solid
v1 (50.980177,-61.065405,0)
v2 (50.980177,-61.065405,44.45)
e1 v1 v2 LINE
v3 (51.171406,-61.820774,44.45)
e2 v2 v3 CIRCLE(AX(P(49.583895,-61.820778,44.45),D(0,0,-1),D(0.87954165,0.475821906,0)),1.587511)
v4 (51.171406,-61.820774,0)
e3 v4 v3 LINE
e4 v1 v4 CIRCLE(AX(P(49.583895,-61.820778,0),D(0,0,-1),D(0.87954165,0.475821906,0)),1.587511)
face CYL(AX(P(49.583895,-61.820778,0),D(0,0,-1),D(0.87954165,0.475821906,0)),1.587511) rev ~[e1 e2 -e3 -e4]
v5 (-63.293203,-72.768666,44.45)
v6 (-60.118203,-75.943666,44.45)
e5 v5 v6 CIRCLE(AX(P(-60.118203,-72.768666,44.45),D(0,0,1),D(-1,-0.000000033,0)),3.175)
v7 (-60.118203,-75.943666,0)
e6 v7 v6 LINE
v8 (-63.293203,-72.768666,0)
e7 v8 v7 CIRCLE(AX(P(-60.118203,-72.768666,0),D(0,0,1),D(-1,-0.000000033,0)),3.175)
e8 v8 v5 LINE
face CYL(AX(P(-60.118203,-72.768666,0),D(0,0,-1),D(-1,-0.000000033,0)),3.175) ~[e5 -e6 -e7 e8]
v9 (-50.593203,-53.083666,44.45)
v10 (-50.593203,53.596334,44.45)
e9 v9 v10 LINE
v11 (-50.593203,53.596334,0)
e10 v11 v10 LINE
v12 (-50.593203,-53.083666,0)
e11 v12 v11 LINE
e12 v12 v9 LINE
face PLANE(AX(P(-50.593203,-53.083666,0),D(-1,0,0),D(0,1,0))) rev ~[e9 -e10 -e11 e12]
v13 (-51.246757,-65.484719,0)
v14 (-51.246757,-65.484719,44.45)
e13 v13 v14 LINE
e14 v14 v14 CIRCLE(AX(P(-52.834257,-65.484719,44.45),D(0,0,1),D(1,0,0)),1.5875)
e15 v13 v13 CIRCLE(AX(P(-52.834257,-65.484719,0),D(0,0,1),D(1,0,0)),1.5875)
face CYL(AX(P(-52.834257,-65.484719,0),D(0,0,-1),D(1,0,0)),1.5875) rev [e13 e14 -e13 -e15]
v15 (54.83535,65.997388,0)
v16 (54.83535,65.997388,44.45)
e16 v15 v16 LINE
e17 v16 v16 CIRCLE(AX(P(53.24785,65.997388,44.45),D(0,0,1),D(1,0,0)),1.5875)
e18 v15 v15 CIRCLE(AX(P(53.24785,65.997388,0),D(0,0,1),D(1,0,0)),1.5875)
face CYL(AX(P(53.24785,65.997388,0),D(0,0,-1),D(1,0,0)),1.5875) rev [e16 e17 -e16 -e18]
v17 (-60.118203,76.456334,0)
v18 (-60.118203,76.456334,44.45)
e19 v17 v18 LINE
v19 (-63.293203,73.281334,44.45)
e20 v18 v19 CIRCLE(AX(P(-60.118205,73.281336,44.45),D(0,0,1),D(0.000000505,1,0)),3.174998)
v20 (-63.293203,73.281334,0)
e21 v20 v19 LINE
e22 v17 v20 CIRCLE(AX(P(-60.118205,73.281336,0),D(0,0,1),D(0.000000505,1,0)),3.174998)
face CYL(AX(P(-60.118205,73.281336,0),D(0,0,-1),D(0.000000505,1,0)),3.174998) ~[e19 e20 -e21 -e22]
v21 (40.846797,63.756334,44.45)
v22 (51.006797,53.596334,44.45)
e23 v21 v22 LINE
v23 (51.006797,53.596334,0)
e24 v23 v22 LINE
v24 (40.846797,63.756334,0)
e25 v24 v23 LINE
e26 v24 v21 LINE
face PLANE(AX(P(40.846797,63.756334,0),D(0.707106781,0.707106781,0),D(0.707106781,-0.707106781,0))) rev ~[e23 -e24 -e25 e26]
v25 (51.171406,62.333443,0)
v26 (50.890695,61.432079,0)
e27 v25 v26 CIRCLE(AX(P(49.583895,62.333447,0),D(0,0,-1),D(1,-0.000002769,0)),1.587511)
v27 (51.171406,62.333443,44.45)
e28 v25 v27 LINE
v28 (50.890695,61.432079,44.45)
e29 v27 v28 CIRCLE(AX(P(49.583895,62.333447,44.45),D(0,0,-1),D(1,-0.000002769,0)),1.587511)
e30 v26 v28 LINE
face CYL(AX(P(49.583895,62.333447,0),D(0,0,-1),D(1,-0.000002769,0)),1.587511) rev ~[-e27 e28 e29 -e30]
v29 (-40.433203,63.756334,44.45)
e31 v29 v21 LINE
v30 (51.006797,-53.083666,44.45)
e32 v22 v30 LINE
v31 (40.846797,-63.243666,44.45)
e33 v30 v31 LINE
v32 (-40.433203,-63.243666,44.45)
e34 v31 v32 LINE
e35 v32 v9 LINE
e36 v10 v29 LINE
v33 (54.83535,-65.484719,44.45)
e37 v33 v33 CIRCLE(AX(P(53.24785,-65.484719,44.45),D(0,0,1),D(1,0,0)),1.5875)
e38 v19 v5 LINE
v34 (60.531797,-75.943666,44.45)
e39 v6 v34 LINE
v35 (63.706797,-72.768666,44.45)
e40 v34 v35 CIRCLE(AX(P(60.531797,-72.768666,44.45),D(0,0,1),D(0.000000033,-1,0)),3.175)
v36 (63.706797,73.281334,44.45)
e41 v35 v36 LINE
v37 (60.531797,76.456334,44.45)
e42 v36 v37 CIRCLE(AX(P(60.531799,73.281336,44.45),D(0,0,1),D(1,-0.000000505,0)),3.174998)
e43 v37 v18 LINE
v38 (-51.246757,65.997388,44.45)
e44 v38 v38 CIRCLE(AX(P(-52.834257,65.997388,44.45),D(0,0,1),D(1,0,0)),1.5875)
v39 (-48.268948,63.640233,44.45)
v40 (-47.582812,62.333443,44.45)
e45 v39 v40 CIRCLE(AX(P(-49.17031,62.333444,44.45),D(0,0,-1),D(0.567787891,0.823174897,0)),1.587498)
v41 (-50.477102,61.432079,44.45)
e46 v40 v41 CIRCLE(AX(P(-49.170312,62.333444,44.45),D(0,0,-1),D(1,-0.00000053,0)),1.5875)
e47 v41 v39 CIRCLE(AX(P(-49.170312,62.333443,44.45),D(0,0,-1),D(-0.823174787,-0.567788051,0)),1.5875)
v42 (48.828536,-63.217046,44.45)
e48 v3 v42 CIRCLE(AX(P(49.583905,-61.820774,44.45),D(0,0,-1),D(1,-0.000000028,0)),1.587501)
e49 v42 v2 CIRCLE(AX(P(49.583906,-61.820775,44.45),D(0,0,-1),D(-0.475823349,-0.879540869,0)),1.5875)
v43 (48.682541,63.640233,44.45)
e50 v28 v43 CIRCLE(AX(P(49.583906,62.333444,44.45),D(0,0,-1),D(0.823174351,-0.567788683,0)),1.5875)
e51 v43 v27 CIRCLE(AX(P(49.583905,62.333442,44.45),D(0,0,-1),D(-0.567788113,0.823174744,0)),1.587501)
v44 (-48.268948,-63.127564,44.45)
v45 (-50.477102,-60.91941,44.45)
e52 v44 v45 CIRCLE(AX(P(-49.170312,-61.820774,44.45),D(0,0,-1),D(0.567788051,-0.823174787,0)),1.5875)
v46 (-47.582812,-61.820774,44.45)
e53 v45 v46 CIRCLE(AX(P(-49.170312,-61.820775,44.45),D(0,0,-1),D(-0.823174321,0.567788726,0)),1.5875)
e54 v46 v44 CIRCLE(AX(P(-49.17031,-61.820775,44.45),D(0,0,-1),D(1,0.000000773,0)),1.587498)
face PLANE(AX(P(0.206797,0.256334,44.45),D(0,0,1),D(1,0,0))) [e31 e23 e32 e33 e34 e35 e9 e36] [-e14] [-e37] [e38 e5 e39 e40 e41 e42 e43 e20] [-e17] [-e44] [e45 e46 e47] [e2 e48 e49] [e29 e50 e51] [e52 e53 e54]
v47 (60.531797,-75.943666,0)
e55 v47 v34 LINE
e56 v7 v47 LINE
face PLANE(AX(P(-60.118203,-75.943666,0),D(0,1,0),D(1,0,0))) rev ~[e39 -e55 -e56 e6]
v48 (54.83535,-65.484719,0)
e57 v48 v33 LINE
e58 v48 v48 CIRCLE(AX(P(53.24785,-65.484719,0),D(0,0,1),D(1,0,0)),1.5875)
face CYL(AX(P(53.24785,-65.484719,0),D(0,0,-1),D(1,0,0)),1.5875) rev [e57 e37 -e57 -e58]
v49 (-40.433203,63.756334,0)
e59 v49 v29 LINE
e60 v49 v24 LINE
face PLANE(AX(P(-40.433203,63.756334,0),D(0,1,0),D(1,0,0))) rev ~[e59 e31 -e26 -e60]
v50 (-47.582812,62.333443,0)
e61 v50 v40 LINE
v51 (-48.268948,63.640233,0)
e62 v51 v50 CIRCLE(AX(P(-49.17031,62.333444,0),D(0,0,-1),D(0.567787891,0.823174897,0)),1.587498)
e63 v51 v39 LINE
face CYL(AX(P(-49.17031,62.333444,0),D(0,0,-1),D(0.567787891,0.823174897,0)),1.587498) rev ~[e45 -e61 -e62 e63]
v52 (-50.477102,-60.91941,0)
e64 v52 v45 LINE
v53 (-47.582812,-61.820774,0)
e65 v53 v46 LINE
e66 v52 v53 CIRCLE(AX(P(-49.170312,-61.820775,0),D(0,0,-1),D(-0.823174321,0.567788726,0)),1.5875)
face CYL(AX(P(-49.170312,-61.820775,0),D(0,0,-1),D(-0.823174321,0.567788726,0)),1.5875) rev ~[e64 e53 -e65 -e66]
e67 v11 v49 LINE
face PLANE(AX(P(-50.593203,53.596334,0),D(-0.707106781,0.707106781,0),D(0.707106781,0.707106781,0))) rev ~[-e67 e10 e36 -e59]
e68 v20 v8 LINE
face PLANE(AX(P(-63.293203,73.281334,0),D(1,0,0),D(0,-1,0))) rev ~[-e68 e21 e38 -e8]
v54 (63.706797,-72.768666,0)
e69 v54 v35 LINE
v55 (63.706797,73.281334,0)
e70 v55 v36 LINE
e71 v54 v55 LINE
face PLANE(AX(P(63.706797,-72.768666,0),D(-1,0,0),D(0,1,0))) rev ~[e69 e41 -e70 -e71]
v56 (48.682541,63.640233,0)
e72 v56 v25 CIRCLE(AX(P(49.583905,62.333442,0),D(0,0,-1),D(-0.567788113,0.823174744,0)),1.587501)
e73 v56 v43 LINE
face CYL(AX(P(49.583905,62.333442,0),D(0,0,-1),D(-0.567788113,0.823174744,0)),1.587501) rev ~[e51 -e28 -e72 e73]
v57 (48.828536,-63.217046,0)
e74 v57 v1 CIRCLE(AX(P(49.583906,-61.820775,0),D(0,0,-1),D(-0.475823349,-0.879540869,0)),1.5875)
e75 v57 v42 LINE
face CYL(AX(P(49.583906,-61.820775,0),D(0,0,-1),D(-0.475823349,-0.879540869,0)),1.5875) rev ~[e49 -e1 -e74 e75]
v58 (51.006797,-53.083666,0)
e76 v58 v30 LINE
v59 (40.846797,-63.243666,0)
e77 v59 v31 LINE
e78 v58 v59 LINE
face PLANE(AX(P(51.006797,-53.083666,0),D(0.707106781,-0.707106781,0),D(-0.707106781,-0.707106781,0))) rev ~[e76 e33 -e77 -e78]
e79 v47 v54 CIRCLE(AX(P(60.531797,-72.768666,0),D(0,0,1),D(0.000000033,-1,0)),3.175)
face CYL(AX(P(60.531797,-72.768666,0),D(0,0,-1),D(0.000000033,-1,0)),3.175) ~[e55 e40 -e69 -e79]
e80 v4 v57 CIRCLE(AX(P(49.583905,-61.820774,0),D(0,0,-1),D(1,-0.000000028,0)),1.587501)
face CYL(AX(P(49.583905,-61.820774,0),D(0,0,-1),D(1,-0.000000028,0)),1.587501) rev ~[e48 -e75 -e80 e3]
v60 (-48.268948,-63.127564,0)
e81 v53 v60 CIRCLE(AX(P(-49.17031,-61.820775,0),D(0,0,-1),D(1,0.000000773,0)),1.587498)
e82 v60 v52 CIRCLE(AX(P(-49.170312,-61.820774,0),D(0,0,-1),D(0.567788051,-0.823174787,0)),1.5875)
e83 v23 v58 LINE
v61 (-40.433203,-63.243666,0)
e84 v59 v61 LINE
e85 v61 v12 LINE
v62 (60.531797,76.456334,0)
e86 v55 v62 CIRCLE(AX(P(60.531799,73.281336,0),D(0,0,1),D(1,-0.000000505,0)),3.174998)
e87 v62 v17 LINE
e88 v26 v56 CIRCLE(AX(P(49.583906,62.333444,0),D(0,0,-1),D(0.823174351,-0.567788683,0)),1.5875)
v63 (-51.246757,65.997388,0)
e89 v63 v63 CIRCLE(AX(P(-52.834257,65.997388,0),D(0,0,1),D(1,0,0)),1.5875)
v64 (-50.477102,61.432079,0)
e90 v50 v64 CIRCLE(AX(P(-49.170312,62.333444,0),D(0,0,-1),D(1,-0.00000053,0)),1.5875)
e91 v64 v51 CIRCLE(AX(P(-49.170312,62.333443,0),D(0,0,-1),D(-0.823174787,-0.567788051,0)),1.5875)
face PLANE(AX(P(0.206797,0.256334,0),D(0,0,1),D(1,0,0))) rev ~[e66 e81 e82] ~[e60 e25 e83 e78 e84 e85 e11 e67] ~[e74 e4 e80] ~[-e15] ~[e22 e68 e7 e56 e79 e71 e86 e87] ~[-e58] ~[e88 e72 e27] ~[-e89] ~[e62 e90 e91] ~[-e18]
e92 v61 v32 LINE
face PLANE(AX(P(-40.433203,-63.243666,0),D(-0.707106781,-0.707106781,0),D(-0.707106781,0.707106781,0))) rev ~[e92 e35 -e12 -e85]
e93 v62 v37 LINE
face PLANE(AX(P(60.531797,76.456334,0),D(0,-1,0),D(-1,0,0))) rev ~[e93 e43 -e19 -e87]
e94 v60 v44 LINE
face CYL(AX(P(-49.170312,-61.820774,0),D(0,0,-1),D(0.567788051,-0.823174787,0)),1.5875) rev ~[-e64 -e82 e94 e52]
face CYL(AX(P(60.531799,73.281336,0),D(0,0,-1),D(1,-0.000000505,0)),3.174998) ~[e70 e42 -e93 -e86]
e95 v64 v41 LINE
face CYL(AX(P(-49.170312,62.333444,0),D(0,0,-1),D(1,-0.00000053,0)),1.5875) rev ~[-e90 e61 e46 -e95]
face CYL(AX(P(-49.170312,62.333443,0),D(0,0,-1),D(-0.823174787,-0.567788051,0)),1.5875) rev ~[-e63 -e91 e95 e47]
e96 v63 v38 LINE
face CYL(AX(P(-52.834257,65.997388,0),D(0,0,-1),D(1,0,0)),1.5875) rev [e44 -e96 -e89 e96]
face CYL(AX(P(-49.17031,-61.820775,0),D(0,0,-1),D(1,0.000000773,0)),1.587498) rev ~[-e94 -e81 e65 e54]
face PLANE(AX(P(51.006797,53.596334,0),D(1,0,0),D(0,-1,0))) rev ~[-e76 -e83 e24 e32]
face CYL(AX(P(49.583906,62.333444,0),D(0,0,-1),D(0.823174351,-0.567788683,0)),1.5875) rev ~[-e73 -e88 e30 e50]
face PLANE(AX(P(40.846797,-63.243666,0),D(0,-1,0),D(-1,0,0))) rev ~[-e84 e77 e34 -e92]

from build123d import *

# Parameters (mm, degrees)
F0_R     = 1.5875
F1_DEPTH = 44.45


with BuildPart() as f1:
    # F0 (on Top) → F1 (new body)
    with BuildSketch(Plane.XY):
        with BuildLine():
            Line((60.531797, 76.456334), (-60.118203, 76.456334))
            ThreePointArc((-60.118203, 76.456334), (-62.363267, 75.526399), (-63.293203, 73.281334))
            Line((-63.293203, 73.281334), (-63.293203, -72.768666))
            ThreePointArc((-63.293203, -72.768666), (-62.363267, -75.01373), (-60.118203, -75.943666))
            Line((-60.118203, -75.943666), (60.531797, -75.943666))
            ThreePointArc((60.531797, -75.943666), (62.776861, -75.01373), (63.706797, -72.768666))
            Line((63.706797, -72.768666), (63.706797, 73.281334))
            ThreePointArc((63.706797, 73.281334), (62.776861, 75.526399), (60.531797, 76.456334))
        make_face()
        with BuildLine():
            ThreePointArc((-56.943203, 66.931334), (-56.013267, 69.176399), (-53.768203, 70.106334))
            Line((-53.768203, 70.106334), (54.181797, 70.106334))
            ThreePointArc((54.181797, 70.106334), (56.426861, 69.176399), (57.356797, 66.931334))
            Line((57.356797, 66.931334), (57.356797, -66.418666))
            ThreePointArc((57.356797, -66.418666), (56.426861, -68.66373), (54.181797, -69.593666))
            Line((54.181797, -69.593666), (-53.768203, -69.593666))
            ThreePointArc((-53.768203, -69.593666), (-56.013267, -68.66373), (-56.943203, -66.418666))
            Line((-56.943203, -66.418666), (-56.943203, 66.931334))
        make_face(mode=Mode.SUBTRACT)
        with BuildLine():
            Line((54.181797, 70.106334), (-53.768203, 70.106334))
            ThreePointArc((-53.768203, 70.106334), (-56.013267, 69.176399), (-56.943203, 66.931334))
            Line((-56.943203, 66.931334), (-56.943203, -66.418666))
            ThreePointArc((-56.943203, -66.418666), (-56.013267, -68.66373), (-53.768203, -69.593666))
            Line((-53.768203, -69.593666), (54.181797, -69.593666))
            ThreePointArc((54.181797, -69.593666), (56.426861, -68.66373), (57.356797, -66.418666))
            Line((57.356797, -66.418666), (57.356797, 66.931334))
            ThreePointArc((57.356797, 66.931334), (56.426861, 69.176399), (54.181797, 70.106334))
        make_face()
        with Locations((-52.834257, -65.484719)):
            Circle(F0_R, mode=Mode.SUBTRACT)
        with BuildLine():
            ThreePointArc((-48.268948, 63.640233), (-47.847518, 63.727175), (-47.418203, 63.756334))
            Line((-47.418203, 63.756334), (-40.433203, 63.756334))
            Line((-40.433203, 63.756334), (40.846797, 63.756334))
            Line((40.846797, 63.756334), (47.831797, 63.756334))
            ThreePointArc((47.831797, 63.756334), (48.261112, 63.727175), (48.682541, 63.640233))
            ThreePointArc((48.682541, 63.640233), (50.321889, 63.738981), (51.171406, 62.333443))
            ThreePointArc((51.171406, 62.333443), (51.099604, 61.861412), (50.890695, 61.432079))
            ThreePointArc((50.890695, 61.432079), (50.977637, 61.01065), (51.006797, 60.581334))
            Line((51.006797, 60.581334), (51.006797, 53.596334))
            Line((51.006797, 53.596334), (51.006797, -53.083666))
            Line((51.006797, -53.083666), (51.006797, -60.698242))
            ThreePointArc((51.006797, -60.698242), (51.000133, -60.882306), (50.980177, -61.065405))
            ThreePointArc((50.980177, -61.065405), (51.122856, -61.431175), (51.171406, -61.820774))
            ThreePointArc((51.171406, -61.820774), (50.39662, -63.184465), (48.828536, -63.217046))
            ThreePointArc((48.828536, -63.217046), (48.645437, -63.237002), (48.461374, -63.243666))
            Line((48.461374, -63.243666), (40.846797, -63.243666))
            Line((40.846797, -63.243666), (-40.433203, -63.243666))
            Line((-40.433203, -63.243666), (-47.418203, -63.243666))
            ThreePointArc((-47.418203, -63.243666), (-47.847518, -63.214506), (-48.268948, -63.127564))
            ThreePointArc((-48.268948, -63.127564), (-50.292844, -62.943306), (-50.477102, -60.91941))
            ThreePointArc((-50.477102, -60.91941), (-50.564044, -60.497981), (-50.593203, -60.068666))
            Line((-50.593203, -60.068666), (-50.593203, -53.083666))
            Line((-50.593203, -53.083666), (-50.593203, 53.596334))
            Line((-50.593203, 53.596334), (-50.593203, 60.581334))
            ThreePointArc((-50.593203, 60.581334), (-50.564044, 61.01065), (-50.477102, 61.432079))
            ThreePointArc((-50.477102, 61.432079), (-50.292844, 63.455975), (-48.268948, 63.640233))
        make_face(mode=Mode.SUBTRACT)
        with Locations((53.24785, -65.484719)):
            Circle(F0_R, mode=Mode.SUBTRACT)
        with Locations((-52.834257, 65.997388)):
            Circle(F0_R, mode=Mode.SUBTRACT)
        with Locations((53.24785, 65.997388)):
            Circle(F0_R, mode=Mode.SUBTRACT)
        with BuildLine():
            Line((-40.433203, 63.756334), (-47.418203, 63.756334))
            ThreePointArc((-47.418203, 63.756334), (-47.847518, 63.727175), (-48.268948, 63.640233))
            ThreePointArc((-48.268948, 63.640233), (-47.764774, 63.071427), (-47.582812, 62.333443))
            ThreePointArc((-47.582812, 62.333443), (-48.69828, 60.817745), (-50.477102, 61.432079))
            ThreePointArc((-50.477102, 61.432079), (-50.564044, 61.01065), (-50.593203, 60.581334))
            Line((-50.593203, 60.581334), (-50.593203, 53.596334))
            Line((-50.593203, 53.596334), (-40.433203, 63.756334))
        make_face()
        with BuildLine():
            Line((47.831797, 63.756334), (40.846797, 63.756334))
            Line((40.846797, 63.756334), (51.006797, 53.596334))
            Line((51.006797, 53.596334), (51.006797, 60.581334))
            ThreePointArc((51.006797, 60.581334), (50.977637, 61.01065), (50.890695, 61.432079))
            ThreePointArc((50.890695, 61.432079), (48.461374, 61.210911), (48.682541, 63.640233))
            ThreePointArc((48.682541, 63.640233), (48.261112, 63.727175), (47.831797, 63.756334))
        make_face()
        with BuildLine():
            Line((51.006797, -60.698242), (51.006797, -53.083666))
            Line((51.006797, -53.083666), (40.846797, -63.243666))
            Line((40.846797, -63.243666), (48.461374, -63.243666))
            ThreePointArc((48.461374, -63.243666), (48.645437, -63.237002), (48.828536, -63.217046))
            ThreePointArc((48.828536, -63.217046), (48.461374, -60.698242), (50.980177, -61.065405))
            ThreePointArc((50.980177, -61.065405), (51.000133, -60.882306), (51.006797, -60.698242))
        make_face()
        with BuildLine():
            Line((-40.433203, -63.243666), (-50.593203, -53.083666))
            Line((-50.593203, -53.083666), (-50.593203, -60.068666))
            ThreePointArc((-50.593203, -60.068666), (-50.564044, -60.497981), (-50.477102, -60.91941))
            ThreePointArc((-50.477102, -60.91941), (-48.69828, -60.305076), (-47.582812, -61.820774))
            ThreePointArc((-47.582812, -61.820774), (-47.764774, -62.558758), (-48.268948, -63.127564))
            ThreePointArc((-48.268948, -63.127564), (-47.847518, -63.214506), (-47.418203, -63.243666))
            Line((-47.418203, -63.243666), (-40.433203, -63.243666))
        make_face()
    extrude(amount=F1_DEPTH)


solid = f1.part
